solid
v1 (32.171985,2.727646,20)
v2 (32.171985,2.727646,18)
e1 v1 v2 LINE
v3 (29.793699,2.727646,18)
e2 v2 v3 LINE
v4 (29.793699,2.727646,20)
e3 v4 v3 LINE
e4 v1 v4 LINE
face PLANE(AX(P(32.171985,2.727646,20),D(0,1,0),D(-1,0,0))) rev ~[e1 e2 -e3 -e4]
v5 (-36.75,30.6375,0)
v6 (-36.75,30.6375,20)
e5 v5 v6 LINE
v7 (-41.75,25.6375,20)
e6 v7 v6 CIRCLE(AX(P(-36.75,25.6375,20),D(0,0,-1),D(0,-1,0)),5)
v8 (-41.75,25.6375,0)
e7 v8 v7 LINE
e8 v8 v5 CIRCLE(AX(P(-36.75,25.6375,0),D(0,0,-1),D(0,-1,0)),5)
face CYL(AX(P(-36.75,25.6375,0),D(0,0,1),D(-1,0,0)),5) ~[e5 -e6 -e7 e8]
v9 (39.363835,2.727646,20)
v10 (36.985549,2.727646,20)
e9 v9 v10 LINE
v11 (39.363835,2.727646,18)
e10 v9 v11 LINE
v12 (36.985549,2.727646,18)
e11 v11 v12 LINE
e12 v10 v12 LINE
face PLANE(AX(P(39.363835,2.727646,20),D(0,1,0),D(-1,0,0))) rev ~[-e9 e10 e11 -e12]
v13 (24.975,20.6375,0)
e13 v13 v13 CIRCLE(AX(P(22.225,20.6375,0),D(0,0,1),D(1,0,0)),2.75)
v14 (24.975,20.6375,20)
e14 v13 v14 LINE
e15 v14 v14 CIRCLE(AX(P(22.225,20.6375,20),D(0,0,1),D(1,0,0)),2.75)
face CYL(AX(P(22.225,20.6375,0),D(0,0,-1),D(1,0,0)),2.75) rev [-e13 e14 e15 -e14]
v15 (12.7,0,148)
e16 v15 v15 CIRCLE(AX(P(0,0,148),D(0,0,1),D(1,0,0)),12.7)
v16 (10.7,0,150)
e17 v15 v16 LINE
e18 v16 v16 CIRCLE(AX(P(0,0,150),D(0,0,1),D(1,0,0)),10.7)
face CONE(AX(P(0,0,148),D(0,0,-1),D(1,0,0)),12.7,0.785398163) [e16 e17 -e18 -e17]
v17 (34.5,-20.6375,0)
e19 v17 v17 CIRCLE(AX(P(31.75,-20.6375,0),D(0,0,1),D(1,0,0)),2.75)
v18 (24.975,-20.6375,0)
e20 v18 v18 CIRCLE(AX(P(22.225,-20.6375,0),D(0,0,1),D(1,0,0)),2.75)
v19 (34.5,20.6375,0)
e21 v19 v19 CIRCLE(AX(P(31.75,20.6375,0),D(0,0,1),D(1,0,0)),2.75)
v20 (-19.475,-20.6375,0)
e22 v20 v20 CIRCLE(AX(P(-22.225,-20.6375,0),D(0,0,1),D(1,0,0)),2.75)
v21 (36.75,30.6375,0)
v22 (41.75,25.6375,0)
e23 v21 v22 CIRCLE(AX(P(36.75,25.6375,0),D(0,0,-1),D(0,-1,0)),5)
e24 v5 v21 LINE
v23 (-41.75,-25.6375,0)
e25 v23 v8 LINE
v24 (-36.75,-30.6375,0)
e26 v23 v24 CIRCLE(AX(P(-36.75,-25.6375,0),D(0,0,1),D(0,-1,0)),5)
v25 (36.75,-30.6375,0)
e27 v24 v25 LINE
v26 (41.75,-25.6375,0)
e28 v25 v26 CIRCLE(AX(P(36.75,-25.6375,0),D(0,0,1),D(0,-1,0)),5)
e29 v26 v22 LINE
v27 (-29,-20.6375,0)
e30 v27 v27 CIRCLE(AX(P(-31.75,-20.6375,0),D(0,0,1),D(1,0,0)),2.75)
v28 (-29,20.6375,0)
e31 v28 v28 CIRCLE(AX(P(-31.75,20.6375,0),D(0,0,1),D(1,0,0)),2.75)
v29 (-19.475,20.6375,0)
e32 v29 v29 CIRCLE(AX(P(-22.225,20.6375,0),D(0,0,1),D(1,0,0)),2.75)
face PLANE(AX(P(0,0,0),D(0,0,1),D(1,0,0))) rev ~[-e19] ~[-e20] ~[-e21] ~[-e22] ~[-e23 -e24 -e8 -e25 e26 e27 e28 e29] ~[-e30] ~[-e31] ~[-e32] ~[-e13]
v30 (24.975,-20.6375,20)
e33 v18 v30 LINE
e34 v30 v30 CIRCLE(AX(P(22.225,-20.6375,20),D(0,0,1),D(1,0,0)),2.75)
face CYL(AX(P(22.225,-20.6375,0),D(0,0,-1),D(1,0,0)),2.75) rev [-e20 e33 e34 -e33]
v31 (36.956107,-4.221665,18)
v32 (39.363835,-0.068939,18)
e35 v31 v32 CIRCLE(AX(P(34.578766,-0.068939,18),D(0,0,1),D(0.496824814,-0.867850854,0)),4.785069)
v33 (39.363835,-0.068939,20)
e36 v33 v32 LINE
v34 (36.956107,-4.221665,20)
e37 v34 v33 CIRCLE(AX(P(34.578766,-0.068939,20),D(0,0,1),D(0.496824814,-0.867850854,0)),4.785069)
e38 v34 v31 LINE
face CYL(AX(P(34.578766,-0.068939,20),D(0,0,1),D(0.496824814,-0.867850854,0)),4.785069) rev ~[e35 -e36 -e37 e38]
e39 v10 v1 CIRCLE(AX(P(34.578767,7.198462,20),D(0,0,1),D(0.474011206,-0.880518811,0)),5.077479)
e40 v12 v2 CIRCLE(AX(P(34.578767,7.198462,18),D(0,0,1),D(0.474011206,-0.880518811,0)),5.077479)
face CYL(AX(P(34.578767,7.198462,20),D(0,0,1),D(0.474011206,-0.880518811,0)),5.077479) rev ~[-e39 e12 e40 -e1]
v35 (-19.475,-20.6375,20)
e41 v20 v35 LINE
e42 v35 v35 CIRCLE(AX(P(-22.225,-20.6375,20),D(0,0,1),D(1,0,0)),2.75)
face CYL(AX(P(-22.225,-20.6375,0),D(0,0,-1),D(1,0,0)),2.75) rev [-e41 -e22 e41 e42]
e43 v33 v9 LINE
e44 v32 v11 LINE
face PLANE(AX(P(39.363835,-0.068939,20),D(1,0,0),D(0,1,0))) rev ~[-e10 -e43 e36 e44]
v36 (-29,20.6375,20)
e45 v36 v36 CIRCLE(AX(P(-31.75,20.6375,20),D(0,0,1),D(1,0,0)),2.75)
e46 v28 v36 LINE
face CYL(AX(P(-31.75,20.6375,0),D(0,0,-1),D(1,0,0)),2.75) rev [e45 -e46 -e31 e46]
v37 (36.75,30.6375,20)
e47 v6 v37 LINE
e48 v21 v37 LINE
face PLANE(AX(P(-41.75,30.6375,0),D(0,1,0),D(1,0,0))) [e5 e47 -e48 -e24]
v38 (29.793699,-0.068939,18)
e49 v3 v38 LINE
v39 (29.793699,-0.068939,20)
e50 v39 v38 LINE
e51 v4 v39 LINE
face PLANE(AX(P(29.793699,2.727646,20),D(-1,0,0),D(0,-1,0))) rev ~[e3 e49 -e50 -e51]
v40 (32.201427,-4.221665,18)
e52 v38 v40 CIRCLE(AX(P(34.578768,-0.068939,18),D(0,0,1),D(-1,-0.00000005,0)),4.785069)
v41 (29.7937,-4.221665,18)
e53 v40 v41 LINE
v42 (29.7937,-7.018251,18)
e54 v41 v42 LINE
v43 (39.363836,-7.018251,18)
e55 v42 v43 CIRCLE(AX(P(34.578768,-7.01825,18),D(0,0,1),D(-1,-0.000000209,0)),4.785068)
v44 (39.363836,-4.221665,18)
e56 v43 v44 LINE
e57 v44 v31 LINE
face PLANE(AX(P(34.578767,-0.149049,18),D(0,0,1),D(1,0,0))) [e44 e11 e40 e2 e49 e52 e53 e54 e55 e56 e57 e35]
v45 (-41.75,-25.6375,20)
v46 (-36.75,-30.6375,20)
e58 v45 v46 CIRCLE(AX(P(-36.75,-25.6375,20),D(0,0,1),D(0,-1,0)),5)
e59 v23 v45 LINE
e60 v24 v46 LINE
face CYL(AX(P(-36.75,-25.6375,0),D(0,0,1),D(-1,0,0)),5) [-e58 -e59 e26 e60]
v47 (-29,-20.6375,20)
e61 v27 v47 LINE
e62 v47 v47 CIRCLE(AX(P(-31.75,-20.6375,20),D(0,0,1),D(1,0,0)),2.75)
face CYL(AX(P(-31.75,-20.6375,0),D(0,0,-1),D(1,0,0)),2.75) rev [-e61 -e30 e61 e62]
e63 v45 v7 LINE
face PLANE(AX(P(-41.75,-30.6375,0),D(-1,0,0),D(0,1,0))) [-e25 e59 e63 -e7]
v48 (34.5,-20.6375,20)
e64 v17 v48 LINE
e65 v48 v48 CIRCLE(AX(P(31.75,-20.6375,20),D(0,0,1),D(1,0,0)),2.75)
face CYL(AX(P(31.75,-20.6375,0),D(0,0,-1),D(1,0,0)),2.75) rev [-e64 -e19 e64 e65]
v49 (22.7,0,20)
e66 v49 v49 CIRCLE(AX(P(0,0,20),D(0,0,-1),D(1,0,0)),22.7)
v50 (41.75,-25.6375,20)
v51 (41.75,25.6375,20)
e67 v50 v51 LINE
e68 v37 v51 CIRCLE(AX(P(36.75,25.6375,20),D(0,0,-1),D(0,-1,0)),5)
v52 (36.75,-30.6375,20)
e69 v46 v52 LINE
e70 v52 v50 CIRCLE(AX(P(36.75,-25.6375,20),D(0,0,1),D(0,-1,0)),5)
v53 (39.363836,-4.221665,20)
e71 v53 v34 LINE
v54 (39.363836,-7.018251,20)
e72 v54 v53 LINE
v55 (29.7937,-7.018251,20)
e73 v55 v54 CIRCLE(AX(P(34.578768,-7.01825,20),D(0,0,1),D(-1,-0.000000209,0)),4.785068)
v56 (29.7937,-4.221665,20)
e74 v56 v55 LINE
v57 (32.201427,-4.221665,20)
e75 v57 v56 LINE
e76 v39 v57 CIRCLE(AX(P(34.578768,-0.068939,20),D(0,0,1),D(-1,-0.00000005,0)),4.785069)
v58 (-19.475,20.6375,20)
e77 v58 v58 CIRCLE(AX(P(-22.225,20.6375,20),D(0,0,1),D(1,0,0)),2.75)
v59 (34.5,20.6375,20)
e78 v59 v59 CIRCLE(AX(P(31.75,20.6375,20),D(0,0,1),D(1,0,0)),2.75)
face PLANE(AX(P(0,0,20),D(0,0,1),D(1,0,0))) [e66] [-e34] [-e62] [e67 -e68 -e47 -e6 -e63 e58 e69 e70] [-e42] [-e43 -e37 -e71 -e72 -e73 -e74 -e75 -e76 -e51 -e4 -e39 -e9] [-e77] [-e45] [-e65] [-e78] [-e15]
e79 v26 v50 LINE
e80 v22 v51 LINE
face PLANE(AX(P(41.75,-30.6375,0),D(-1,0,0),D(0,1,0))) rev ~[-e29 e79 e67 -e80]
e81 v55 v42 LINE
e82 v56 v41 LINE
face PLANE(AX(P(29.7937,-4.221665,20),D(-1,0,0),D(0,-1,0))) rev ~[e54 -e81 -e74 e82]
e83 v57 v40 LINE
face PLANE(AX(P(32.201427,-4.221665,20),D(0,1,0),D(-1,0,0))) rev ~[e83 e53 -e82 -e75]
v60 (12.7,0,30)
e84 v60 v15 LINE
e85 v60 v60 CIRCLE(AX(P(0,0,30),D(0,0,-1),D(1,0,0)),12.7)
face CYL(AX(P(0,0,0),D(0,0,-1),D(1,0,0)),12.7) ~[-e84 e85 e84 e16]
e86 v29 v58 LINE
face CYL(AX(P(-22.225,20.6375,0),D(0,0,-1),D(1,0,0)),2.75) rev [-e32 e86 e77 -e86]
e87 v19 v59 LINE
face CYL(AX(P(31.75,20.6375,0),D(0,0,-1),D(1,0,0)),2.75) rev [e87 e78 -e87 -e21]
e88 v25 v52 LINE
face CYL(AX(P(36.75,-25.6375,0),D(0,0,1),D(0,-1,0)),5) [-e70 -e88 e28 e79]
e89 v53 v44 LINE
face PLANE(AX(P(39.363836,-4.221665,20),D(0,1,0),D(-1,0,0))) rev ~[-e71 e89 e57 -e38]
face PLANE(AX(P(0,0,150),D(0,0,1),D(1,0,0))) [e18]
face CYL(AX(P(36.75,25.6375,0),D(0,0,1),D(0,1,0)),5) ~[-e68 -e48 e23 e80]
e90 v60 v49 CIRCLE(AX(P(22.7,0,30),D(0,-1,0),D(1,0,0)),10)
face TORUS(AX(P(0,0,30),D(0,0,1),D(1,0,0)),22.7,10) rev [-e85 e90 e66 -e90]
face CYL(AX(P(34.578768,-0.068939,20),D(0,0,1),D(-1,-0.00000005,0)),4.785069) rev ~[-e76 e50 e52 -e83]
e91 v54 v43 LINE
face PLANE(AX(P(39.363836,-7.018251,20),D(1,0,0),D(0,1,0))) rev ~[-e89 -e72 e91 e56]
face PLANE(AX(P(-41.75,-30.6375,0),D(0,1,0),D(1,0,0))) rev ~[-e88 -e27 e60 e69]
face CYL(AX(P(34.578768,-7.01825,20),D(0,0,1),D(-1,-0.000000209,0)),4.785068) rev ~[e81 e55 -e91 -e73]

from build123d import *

# Parameters (mm, degrees)
F0_W     = 83.5
F0_H     = 61.275
F0_R     = 2.75
F1_DEPTH = 20
F2_R     = 5
F3_R     = 12.7
F4_DEPTH = 150
F5_SIZE  = 2
F6_R     = 10
F8_DEPTH = 2


with BuildPart() as f1:
    # F0 (on Top) → F1 (new body)
    with BuildSketch(Plane.XY):
        Rectangle(F0_W, F0_H)
        with Locations((-31.75, -20.6375)):
            Circle(F0_R, mode=Mode.SUBTRACT)
        with Locations((-22.225, -20.6375)):
            Circle(F0_R, mode=Mode.SUBTRACT)
        with Locations((22.225, -20.6375)):
            Circle(F0_R, mode=Mode.SUBTRACT)
        with Locations((31.75, -20.6375)):
            Circle(F0_R, mode=Mode.SUBTRACT)
        with Locations((-31.75, 20.6375)):
            Circle(F0_R, mode=Mode.SUBTRACT)
        with Locations((-22.225, 20.6375)):
            Circle(F0_R, mode=Mode.SUBTRACT)
        with Locations((22.225, 20.6375)):
            Circle(F0_R, mode=Mode.SUBTRACT)
        with Locations((31.75, 20.6375)):
            Circle(F0_R, mode=Mode.SUBTRACT)
    extrude(amount=F1_DEPTH)

    # F2
    f2_edges = [f1.edges().sort_by_distance(p)[0] for p in [
        (-41.75, -30.6375, 10),
        (41.75, -30.6375, 10),
        (-41.75, 30.6375, 10),
        (41.75, 30.6375, 10),
    ]]
    fillet(f2_edges, radius=F2_R)

    # F3 (on Top) → F4 (join)
    with BuildSketch(Plane.XY):
        Circle(F3_R)
    extrude(amount=F4_DEPTH)

    # F5
    f5_edges = [f1.edges().sort_by_distance(p)[0] for p in [
        (-12.7, 0, 150),
    ]]
    chamfer(f5_edges, length=F5_SIZE)

    # F6
    f6_edges = [f1.edges().sort_by_distance(p)[0] for p in [
        (-12.7, 0, 20),
    ]]
    fillet(f6_edges, radius=F6_R)

    # F7 (on face) → F8 (cut)
    with BuildSketch(Plane.XY.offset(20)):
        with BuildLine():
            Line((29.793699, 2.727646), (29.793699, -0.068939))
            ThreePointArc((29.793699, -0.068939), (30.439165, -2.469058), (32.201427, -4.221665))
            Line((32.201427, -4.221665), (29.7937, -4.221665))
            Line((29.7937, -4.221665), (29.7937, -7.018251))
            ThreePointArc((29.7937, -7.018251), (34.578768, -11.803318), (39.363836, -7.018251))
            Line((39.363836, -7.018251), (39.363836, -4.221665))
            Line((39.363836, -4.221665), (36.956107, -4.221665))
            ThreePointArc((36.956107, -4.221665), (38.718369, -2.469058), (39.363835, -0.068939))
            Line((39.363835, -0.068939), (39.363835, 2.727646))
            Line((39.363835, 2.727646), (36.985549, 2.727646))
            ThreePointArc((36.985549, 2.727646), (34.578767, 12.275941), (32.171985, 2.727646))
            Line((32.171985, 2.727646), (29.793699, 2.727646))
        make_face()
    extrude(amount=-F8_DEPTH, mode=Mode.SUBTRACT)


solid = f1.part
